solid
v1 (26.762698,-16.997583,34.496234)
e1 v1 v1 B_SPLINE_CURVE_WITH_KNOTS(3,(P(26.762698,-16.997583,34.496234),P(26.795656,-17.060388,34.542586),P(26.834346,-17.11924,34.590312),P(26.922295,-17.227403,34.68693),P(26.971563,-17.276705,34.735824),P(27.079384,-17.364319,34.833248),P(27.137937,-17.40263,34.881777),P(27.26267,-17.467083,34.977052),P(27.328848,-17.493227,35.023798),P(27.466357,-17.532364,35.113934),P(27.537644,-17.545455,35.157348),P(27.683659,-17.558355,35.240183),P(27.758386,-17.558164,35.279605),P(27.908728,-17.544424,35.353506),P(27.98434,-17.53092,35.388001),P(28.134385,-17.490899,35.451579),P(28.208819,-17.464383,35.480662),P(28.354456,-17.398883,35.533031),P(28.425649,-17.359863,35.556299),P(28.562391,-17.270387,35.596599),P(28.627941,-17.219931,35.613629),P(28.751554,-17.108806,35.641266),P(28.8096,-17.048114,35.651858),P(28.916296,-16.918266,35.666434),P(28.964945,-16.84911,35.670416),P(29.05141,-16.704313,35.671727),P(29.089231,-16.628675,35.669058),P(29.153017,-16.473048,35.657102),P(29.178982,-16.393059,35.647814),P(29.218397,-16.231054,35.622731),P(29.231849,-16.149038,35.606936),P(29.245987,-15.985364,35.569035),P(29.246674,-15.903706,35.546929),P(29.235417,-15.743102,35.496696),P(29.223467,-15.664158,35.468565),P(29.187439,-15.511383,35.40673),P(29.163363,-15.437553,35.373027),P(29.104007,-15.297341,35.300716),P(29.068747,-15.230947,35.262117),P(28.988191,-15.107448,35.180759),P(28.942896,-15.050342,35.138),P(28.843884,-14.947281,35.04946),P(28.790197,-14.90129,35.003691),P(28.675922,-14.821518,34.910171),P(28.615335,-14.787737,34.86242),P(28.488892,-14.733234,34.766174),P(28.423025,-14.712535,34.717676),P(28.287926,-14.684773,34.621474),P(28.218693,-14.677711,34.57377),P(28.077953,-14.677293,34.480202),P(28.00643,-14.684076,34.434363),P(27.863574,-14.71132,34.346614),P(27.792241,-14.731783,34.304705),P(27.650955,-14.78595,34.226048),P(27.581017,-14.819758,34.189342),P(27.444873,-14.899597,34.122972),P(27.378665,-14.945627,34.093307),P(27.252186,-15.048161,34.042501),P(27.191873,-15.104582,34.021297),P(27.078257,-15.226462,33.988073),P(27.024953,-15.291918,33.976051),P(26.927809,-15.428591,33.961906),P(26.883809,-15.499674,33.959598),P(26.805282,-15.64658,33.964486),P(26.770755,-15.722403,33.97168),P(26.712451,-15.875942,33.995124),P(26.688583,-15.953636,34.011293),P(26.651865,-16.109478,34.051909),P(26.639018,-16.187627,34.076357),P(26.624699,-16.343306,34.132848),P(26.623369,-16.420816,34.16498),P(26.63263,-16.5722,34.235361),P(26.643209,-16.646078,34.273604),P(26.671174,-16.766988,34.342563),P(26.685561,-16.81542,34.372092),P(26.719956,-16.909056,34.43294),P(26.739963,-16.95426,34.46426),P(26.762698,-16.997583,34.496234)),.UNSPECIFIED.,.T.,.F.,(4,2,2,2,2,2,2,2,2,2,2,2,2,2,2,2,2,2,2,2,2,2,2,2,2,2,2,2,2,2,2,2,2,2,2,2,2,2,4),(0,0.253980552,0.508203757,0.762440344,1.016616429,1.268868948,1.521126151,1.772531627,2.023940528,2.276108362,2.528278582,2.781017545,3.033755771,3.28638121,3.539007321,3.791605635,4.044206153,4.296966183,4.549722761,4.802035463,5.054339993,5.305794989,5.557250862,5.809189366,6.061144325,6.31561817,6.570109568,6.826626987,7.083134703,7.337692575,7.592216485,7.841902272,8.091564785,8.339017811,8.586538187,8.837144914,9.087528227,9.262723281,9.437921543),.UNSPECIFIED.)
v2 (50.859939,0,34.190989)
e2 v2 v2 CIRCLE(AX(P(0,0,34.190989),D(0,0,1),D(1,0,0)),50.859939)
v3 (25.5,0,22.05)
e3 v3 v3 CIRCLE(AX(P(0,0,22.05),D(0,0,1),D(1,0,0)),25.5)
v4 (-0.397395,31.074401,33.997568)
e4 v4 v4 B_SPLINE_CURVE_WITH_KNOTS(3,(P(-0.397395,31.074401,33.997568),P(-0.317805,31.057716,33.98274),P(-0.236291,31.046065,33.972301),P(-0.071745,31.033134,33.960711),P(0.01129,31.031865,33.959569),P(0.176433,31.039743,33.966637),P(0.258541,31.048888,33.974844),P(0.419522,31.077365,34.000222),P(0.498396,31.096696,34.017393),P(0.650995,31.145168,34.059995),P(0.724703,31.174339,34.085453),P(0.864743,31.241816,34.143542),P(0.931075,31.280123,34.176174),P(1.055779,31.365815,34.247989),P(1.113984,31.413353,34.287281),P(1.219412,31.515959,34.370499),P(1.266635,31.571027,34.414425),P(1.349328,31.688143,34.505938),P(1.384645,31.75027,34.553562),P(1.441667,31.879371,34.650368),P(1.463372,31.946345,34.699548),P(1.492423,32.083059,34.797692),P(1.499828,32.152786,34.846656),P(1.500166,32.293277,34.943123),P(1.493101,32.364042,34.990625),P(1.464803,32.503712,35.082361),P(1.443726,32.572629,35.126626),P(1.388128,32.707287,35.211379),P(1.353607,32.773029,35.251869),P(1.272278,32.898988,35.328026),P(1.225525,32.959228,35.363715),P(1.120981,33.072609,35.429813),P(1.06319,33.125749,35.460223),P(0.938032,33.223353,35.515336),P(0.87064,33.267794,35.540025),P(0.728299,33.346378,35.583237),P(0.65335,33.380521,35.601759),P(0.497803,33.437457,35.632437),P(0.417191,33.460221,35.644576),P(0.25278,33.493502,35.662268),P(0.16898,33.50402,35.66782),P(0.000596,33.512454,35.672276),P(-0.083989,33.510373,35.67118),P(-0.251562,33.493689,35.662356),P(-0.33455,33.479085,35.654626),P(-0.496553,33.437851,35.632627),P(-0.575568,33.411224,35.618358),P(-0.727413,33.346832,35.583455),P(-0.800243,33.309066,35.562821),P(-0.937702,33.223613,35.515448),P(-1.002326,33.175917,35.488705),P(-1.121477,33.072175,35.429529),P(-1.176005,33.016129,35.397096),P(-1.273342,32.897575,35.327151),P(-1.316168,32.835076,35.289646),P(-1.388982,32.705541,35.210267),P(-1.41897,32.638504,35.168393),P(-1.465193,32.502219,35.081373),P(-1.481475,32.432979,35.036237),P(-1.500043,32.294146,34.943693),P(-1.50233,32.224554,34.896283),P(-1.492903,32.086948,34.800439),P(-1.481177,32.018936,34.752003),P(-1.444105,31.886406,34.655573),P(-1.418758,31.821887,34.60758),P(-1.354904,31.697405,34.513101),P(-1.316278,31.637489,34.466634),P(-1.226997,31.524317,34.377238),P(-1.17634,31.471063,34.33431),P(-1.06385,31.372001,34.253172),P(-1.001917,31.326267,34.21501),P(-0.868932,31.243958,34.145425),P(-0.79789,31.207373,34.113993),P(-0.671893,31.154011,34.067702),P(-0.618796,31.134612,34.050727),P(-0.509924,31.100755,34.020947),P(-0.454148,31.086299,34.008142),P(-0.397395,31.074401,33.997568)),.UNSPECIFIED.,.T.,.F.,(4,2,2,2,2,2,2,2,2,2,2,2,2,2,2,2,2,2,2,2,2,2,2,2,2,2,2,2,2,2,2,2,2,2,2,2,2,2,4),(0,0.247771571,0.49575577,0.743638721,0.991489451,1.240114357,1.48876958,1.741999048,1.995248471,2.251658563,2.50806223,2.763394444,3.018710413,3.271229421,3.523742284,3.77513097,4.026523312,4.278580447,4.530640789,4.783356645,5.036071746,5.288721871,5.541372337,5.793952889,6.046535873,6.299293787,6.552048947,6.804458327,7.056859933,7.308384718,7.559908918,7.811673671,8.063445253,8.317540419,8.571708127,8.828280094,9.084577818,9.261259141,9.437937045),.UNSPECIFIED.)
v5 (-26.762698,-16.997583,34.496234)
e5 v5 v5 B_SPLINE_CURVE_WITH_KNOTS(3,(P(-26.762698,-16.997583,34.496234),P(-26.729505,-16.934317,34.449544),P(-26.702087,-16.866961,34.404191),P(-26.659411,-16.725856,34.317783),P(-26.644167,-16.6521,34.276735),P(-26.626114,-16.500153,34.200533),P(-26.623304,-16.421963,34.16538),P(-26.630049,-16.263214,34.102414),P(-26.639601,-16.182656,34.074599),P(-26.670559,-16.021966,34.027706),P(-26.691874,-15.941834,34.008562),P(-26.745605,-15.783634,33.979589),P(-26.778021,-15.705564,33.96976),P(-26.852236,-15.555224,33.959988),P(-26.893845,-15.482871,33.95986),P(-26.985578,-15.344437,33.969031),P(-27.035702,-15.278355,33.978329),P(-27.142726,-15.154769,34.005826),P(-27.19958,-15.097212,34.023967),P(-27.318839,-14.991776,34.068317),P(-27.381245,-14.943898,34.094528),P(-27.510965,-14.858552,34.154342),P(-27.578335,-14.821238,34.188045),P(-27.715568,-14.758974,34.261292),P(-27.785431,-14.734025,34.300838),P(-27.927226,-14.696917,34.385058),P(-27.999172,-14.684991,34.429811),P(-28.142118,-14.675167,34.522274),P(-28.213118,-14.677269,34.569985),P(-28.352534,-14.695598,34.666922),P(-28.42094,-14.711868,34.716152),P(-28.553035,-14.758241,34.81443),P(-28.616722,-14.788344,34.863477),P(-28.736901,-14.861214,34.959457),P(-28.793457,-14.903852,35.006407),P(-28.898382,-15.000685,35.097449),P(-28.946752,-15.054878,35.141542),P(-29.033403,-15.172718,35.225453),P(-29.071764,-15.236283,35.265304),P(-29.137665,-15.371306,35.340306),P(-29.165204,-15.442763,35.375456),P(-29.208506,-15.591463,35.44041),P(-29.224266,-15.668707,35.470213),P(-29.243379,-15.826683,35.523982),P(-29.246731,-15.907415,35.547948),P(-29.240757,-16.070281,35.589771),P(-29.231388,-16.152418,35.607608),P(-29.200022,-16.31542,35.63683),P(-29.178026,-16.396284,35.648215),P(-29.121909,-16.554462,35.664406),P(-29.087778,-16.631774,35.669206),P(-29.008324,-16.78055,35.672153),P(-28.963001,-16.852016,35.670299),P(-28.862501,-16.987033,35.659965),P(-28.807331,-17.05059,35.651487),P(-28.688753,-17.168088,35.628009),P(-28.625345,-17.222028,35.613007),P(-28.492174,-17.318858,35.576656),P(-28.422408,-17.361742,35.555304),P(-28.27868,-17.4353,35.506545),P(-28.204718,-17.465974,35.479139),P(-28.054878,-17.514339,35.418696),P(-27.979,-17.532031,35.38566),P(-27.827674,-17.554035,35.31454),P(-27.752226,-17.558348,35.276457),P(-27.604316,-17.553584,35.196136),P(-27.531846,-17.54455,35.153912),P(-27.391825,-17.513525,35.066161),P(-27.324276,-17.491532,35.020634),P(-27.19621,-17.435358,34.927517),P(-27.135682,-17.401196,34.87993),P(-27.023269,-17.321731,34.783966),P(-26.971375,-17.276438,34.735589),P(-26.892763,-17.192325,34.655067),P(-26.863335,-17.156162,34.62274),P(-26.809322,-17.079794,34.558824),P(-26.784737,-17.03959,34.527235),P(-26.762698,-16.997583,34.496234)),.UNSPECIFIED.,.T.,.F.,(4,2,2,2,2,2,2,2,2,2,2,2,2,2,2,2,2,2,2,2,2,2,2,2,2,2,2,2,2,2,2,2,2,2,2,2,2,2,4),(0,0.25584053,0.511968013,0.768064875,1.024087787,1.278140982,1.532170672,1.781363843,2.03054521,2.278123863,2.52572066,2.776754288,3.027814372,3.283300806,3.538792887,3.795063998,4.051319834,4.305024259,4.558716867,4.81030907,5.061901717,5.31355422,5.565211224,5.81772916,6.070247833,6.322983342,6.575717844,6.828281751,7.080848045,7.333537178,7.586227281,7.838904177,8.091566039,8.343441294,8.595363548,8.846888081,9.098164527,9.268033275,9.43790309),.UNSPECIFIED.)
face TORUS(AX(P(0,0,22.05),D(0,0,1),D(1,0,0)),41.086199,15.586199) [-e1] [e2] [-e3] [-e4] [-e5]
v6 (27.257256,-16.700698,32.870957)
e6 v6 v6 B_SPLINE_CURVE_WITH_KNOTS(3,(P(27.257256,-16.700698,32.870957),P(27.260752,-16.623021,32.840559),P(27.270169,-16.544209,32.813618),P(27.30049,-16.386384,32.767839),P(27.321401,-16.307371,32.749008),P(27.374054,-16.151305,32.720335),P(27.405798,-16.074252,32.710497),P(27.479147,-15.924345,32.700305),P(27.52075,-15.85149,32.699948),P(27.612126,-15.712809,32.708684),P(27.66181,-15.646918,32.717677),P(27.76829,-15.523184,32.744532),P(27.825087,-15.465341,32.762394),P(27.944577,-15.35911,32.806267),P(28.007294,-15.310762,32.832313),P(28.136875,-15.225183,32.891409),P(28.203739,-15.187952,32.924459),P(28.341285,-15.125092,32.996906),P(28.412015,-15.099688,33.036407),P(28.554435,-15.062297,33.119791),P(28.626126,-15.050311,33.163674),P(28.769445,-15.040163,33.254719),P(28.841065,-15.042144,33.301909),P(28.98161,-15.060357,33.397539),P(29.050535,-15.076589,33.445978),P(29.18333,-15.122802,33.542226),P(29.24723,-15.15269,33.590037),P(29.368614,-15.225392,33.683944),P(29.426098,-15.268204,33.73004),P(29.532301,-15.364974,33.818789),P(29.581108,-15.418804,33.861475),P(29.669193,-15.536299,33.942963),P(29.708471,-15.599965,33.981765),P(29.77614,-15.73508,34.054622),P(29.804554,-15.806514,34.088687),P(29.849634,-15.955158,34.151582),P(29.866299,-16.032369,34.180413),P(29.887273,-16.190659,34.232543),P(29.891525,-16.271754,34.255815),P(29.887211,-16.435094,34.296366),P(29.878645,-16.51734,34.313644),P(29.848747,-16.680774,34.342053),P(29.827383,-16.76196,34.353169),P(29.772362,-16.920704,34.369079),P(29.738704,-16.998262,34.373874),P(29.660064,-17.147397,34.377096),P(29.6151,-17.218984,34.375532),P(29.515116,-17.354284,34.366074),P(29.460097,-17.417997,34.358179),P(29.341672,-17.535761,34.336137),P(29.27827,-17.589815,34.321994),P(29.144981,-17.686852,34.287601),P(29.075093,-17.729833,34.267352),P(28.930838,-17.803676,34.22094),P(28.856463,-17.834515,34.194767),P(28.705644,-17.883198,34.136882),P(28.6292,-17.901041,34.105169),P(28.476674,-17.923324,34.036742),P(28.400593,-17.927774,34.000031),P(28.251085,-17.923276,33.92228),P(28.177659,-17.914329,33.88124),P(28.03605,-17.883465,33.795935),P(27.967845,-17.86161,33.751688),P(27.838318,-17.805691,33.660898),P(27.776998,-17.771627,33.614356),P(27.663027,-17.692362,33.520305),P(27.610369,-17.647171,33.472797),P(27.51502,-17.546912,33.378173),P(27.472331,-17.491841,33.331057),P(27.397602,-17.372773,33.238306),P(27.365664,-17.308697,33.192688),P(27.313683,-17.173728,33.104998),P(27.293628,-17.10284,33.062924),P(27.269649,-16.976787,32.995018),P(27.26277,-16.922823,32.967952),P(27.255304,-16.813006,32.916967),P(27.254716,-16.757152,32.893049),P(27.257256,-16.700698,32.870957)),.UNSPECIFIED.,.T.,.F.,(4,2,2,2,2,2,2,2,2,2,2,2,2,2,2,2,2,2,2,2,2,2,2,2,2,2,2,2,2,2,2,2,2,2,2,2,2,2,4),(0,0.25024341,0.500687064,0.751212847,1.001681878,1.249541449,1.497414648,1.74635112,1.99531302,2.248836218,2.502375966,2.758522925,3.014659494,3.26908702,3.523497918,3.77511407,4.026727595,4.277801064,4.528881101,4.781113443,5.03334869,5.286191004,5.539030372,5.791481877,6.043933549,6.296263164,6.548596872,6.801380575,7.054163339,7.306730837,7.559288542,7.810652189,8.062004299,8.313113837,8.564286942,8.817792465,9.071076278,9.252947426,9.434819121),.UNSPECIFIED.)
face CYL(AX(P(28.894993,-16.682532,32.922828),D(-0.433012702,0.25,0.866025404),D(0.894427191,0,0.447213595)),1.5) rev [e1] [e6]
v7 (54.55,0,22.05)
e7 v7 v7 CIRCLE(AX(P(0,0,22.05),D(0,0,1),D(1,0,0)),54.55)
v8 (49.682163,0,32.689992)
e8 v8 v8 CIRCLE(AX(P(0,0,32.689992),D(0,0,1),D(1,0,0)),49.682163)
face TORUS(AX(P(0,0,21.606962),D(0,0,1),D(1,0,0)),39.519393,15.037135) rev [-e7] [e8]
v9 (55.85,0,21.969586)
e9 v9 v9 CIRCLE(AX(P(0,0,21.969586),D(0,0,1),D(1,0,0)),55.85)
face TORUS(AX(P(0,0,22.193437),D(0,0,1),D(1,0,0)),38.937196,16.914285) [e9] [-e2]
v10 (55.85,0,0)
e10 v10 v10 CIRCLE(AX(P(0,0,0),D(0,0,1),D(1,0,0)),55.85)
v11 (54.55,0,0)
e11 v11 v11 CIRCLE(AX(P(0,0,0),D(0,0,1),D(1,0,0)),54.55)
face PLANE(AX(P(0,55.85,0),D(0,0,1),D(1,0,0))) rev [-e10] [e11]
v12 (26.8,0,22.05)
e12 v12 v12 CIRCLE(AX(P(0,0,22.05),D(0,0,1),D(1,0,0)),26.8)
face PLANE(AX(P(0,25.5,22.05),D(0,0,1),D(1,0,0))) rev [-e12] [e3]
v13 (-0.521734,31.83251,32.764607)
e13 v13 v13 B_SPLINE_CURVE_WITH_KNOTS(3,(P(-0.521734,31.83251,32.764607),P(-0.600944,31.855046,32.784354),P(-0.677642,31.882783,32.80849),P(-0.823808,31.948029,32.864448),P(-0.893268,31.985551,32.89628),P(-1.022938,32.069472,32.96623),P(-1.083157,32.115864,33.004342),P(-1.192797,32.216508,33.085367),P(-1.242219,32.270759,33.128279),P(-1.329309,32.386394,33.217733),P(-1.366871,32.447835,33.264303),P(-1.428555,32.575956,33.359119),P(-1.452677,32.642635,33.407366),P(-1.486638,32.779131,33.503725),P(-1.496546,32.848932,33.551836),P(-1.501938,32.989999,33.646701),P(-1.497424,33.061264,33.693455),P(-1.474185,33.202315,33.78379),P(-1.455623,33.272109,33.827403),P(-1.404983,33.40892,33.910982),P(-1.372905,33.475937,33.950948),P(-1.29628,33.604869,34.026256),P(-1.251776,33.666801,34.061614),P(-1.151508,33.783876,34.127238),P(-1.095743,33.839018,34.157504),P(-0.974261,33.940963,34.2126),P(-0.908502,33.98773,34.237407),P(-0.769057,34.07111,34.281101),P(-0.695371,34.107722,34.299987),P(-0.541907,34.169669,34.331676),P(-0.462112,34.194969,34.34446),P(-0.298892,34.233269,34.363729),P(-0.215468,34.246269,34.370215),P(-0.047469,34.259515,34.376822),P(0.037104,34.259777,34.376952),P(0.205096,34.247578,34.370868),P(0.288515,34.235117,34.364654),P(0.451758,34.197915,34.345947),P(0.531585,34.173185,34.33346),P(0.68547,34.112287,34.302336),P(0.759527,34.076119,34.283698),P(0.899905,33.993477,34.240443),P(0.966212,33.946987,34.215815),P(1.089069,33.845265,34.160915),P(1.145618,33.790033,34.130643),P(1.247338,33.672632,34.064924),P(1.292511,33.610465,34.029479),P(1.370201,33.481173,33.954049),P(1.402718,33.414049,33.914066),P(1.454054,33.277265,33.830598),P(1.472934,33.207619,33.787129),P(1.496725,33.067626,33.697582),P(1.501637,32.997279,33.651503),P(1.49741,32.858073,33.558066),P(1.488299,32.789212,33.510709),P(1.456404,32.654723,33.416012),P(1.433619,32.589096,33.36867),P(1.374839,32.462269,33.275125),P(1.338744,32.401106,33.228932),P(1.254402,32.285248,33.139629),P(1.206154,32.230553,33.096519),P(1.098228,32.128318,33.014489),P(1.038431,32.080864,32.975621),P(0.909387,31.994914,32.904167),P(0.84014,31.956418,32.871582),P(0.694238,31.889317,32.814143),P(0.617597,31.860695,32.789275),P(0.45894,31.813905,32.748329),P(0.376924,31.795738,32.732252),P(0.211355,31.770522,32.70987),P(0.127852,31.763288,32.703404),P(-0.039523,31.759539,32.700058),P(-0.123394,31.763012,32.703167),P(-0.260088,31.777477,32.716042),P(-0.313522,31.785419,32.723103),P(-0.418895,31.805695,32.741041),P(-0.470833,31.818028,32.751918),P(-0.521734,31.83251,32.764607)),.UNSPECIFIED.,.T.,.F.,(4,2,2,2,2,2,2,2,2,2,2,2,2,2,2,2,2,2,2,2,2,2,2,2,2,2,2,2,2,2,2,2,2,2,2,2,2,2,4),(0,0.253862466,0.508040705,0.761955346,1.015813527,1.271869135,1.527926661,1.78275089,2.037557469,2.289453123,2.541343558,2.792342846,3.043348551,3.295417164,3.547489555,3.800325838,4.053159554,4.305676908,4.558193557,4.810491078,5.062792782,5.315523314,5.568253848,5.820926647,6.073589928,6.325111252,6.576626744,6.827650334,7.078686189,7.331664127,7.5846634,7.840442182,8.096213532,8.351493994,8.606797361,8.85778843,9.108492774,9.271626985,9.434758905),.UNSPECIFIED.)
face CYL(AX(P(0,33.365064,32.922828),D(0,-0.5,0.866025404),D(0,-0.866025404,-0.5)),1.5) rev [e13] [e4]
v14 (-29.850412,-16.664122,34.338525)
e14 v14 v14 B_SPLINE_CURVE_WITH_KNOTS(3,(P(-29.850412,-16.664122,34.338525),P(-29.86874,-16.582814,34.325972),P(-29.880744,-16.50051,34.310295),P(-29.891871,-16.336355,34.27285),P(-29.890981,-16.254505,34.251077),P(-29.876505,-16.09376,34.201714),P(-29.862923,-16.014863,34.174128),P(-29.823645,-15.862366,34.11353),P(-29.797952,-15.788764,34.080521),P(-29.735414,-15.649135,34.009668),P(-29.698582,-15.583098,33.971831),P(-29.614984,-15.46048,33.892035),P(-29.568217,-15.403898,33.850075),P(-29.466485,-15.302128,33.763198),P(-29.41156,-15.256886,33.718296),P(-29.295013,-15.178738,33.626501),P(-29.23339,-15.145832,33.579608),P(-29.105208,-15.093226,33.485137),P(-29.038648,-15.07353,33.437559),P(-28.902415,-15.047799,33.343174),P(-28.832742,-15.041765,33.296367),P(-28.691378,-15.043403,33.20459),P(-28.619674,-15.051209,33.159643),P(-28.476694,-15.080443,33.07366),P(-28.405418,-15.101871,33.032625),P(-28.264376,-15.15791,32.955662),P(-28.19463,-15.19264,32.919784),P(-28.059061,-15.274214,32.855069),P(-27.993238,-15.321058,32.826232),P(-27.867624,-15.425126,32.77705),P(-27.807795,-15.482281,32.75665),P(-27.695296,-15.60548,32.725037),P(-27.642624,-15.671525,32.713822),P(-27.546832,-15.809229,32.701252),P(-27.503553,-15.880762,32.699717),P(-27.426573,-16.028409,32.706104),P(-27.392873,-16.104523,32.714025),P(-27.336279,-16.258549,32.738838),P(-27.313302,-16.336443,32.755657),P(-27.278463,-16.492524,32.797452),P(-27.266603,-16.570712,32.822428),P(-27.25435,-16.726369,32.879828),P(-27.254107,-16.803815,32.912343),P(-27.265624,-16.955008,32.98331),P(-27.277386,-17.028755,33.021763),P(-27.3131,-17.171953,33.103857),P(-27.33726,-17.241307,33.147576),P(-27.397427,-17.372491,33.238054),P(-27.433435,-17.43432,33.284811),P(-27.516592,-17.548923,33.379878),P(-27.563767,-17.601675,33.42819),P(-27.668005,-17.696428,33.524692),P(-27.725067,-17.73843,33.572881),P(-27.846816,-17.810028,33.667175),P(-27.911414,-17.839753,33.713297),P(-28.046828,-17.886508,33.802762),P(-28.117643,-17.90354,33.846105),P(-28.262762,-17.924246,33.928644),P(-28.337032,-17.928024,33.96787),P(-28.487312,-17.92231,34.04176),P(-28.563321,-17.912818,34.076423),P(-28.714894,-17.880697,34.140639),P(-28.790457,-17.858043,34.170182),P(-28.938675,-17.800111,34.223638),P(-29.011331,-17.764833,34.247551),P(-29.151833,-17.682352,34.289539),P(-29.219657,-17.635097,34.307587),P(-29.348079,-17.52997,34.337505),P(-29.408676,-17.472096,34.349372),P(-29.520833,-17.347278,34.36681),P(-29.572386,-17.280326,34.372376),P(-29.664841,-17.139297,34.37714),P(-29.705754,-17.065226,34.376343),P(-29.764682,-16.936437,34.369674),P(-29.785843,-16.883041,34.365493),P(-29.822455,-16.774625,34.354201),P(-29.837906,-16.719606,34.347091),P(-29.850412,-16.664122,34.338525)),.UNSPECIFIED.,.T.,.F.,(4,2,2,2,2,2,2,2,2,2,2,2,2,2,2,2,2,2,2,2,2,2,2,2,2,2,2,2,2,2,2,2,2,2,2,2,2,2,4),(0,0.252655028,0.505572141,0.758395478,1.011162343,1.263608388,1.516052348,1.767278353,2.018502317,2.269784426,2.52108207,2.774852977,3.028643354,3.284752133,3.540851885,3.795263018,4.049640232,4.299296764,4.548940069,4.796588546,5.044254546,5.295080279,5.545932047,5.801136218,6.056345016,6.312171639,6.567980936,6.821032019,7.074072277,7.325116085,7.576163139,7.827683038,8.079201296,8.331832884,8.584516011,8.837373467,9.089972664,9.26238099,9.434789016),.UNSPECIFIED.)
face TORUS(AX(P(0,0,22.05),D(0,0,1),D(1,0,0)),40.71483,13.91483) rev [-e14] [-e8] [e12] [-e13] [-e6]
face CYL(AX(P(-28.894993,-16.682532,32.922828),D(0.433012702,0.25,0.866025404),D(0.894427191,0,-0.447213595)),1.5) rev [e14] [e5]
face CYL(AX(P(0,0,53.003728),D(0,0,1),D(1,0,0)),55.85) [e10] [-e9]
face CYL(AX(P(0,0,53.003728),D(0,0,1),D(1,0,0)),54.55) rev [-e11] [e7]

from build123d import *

# Parameters (mm, degrees)
ESQUISSE6_R                  = 1.5
ENL_V_MAT_EXTRU_5_DEPTH      = 3
R_P_TITION_CIRCULAIRE4_COUNT = 3


with BuildPart() as part:
    # Esquisse1 → Base-Révolution (revolve)
    with BuildSketch(Plane(origin=(0, 0, 0), x_dir=(0, 0, -1), z_dir=(1, 0, 0)), mode=Mode.PRIVATE) as base_r_volution_sk:
        with BuildLine():
            Line((-22.05, 25.5), (-22.05, 26.8))
            ThreePointArc((-22.05, 26.8), (-34.667475917, 34.847821439), (-32.68999151, 49.682162808))
            ThreePointArc((-32.68999151, 49.682162808), (-27.862880643, 53.19341633), (-22.05, 54.55))
            Line((-22.05, 54.55), (0, 54.55))
            Line((0, 54.55), (0, 55.85))
            Line((0, 55.85), (-21.969585692, 55.85))
            ThreePointArc((-21.969585692, 55.85), (-28.587198544, 54.596470039), (-34.190989234, 50.859938609))
            ThreePointArc((-34.190989234, 50.859938609), (-36.108183612, 34.355888829), (-22.05, 25.5))
        make_face()
    revolve(base_r_volution_sk.sketch.rotate(Axis((0, 0, 53.003727506), (0, 0, -1)), 90), axis=Axis((0, 0, 53.003727506), (0, 0, -1)))

    # Esquisse6 → Enlèv. mat.-Extru.5 (cut)
    with BuildSketch(Plane(origin=(0, -7.41473671, 12.842700706), x_dir=(-1, 0, 0), z_dir=(0, 0.49999999999999806, -0.8660254037844397))):
        with Locations(Location((0, 45.356406461, 0), (0, 0, 285.362788809))):
            Circle(ESQUISSE6_R)
    enl_v_mat_extru_5 = extrude(amount=ENL_V_MAT_EXTRU_5_DEPTH, mode=Mode.SUBTRACT)

    # Répétition circulaire4: Enlèv. mat.-Extru.5 ×3 about axis
    r_p_tition_circulaire4_axis = Axis((0, 0, 53.003727506), (0, 0, -1))
    for i in range(1, R_P_TITION_CIRCULAIRE4_COUNT):
        add(enl_v_mat_extru_5.rotate(r_p_tition_circulaire4_axis, i * 360 / R_P_TITION_CIRCULAIRE4_COUNT), mode=Mode.SUBTRACT)


solid = part.part
